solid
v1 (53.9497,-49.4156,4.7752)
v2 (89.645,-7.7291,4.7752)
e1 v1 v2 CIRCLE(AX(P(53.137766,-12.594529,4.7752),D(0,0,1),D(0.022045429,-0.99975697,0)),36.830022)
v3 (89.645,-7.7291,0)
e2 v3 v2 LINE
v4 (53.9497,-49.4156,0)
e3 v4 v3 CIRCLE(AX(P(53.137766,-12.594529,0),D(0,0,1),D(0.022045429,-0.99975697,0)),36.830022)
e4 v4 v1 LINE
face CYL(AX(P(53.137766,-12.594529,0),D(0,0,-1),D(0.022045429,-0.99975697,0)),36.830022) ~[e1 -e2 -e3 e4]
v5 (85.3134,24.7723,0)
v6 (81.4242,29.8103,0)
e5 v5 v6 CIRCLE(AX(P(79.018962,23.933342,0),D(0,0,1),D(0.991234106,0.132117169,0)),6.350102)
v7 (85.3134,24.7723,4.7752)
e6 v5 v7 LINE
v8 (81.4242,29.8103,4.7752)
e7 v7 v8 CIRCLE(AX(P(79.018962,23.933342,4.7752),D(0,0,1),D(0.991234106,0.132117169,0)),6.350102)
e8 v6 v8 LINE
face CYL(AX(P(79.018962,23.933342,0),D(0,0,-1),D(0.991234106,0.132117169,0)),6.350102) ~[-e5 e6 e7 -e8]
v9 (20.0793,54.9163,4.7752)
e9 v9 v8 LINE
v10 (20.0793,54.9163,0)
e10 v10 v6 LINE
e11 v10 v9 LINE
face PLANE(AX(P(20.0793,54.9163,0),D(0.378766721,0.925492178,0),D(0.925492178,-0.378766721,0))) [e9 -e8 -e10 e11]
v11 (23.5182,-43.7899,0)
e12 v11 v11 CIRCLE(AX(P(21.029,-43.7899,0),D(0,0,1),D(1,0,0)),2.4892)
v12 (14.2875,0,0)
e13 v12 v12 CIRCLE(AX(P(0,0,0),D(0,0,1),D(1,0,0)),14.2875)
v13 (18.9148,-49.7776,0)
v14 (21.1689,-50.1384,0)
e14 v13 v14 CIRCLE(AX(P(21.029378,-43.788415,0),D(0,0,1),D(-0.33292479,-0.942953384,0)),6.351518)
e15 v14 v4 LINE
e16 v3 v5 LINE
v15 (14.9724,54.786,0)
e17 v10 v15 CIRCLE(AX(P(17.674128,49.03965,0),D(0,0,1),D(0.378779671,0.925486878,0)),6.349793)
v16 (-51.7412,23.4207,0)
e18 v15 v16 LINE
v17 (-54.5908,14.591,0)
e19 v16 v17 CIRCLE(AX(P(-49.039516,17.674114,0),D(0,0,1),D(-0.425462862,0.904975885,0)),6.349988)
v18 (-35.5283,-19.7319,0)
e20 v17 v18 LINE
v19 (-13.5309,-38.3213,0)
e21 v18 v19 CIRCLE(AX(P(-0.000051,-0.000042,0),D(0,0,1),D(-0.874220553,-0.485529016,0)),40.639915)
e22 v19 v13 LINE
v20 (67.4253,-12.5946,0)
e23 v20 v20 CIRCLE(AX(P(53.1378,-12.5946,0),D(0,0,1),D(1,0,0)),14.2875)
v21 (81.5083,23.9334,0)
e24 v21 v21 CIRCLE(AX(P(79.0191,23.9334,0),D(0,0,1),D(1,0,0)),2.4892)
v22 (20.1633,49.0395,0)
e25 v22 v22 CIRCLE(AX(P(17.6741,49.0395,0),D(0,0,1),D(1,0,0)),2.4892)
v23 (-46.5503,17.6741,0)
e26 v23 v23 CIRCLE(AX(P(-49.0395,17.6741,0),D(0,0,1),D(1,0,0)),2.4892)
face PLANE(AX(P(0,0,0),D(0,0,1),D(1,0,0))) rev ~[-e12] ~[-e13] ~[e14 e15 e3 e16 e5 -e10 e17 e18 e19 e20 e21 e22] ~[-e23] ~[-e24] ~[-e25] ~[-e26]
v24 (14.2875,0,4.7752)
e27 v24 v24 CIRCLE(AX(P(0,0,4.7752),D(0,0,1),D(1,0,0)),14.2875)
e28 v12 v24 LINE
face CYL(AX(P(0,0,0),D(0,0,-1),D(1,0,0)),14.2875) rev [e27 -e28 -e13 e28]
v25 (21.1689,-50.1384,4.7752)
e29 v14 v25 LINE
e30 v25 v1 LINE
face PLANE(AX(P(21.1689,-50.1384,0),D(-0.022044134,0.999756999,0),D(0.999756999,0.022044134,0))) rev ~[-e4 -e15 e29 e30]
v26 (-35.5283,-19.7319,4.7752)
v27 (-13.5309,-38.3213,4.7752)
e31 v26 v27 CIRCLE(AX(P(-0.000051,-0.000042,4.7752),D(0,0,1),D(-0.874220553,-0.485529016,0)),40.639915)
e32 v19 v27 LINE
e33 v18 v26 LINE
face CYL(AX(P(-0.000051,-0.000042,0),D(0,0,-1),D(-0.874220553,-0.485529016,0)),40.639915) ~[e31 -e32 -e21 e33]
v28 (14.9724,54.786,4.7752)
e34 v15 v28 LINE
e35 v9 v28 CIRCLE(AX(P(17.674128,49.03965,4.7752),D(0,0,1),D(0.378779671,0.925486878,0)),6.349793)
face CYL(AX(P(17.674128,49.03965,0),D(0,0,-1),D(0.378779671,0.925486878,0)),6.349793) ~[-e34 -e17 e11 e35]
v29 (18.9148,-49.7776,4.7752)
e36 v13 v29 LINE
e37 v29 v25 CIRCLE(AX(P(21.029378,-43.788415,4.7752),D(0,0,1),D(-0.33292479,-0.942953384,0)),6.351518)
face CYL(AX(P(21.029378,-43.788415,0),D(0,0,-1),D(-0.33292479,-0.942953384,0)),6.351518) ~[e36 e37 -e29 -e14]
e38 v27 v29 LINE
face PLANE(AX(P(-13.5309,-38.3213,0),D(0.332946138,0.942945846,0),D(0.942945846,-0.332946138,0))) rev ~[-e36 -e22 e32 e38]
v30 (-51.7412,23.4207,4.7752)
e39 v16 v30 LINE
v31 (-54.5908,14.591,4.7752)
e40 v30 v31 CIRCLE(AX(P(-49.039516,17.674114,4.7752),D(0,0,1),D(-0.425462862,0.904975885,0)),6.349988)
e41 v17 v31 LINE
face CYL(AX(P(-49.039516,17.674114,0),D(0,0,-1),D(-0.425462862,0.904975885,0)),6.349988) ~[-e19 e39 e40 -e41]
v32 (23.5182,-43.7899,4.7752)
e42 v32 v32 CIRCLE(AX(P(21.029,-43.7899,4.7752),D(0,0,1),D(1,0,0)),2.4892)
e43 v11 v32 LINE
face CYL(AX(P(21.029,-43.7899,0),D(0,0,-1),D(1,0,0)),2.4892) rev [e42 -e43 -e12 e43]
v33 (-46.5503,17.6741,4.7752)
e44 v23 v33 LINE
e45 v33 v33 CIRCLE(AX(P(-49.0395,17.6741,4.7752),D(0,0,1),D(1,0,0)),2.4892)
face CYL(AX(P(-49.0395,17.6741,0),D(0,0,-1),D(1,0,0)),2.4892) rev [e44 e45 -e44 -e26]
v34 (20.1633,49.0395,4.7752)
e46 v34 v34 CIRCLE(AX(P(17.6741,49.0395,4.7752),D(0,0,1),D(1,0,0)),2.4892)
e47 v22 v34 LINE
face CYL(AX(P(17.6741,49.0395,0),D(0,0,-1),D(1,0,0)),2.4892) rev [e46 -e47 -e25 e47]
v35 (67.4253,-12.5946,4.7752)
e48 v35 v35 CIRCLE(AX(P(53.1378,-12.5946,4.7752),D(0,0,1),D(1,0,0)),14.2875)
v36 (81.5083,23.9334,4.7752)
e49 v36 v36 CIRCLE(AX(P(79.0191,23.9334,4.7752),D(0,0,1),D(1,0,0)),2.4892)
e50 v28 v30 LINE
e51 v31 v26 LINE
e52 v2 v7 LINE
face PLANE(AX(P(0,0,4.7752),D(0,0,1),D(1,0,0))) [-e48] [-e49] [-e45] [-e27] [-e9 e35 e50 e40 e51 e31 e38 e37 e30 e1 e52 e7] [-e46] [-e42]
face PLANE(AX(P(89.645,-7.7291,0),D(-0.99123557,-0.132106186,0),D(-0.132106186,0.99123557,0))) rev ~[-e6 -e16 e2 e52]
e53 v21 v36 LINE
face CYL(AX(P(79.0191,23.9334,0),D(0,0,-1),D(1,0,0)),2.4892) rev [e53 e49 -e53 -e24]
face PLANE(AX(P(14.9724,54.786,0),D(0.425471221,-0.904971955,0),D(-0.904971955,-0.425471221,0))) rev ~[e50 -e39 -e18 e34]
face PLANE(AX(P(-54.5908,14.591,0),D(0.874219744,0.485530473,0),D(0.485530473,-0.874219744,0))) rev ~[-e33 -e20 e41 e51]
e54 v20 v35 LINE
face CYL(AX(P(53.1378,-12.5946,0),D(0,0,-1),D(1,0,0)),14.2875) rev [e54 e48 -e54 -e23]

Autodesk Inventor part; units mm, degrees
ref_plane "YZ Plane" through (0, 0, 0) normal (1, 0, 0) x (0, 1, 0)
ref_plane "XZ Plane" through (0, 0, 0) normal (0, 1, 0) x (-1, 0, 0)
ref_plane "XY Plane" through (0, 0, 0) normal (0, 0, 1) x (1, 0, 0)
sketch "Sketch1" plane through (0, 0, 0) normal (0, 0, 1) x (1, 0, 0)
  circle A0 centre (0, 0) radius 38.1 construction
  circle A1 centre (-41.3753, -19.4526) radius 7.62 construction
  circle A2 centre (-19.4526, 41.3753) radius 7.62 construction
  circle A3 centre (41.3753, 19.4526) radius 7.62 construction
  circle A4 centre (-41.3753, -19.4526) radius 29.972 construction
  circle A5 centre (-19.4526, 41.3753) radius 29.972 construction
  circle A6 centre (41.3753, 19.4526) radius 29.972 construction
  line L0 (-31.2131, 8.7441) -> (-29.6148, 13.1787) construction
  line L1 (8.7441, 31.2131) -> (13.1787, 29.6148) construction
  circle A7 centre (0, 0) radius 19.05 construction
  circle A8 centre (53.1378, -12.5946) radius 35.56 construction
  circle A9 centre (53.1378, -12.5946) radius 14.2875
  circle A10 centre (41.3753, 19.4526) radius 10.3251 construction
  line L2 (44.9329, 9.7597) -> (48.2149, 0.818) construction
  circle A11 centre (53.1378, -12.5946) radius 36.83 construction
  line L3 (-41.3753, -49.4246) -> (53.1378, -49.4246) construction
  circle A12 centre (-19.4526, 41.3753) radius 10.3251 construction
  circle A13 centre (-41.3753, -19.4526) radius 10.3251 construction
  circle A14 centre (21.029, -43.7899) radius 6.35 construction
  circle A15 centre (0, 0) radius 40.64 construction
  line L4 (-7.2269, -37.4083) -> (-7.7087, -39.9022) construction
  circle A16 centre (21.029, -43.7899) radius 2.4892
  line L5 (18.2801, -38.0657) -> (17.5929, -36.6347) construction
  line L6 (25.5834, -39.365) -> (26.722, -38.2588) construction
  circle A17 centre (-49.0395, 17.6741) radius 6.35 construction
  circle A18 centre (-49.0395, 17.6741) radius 2.4892
  circle A19 centre (17.6741, 49.0395) radius 6.35 construction
  circle A20 centre (17.6741, 49.0395) radius 2.4892
  circle A21 centre (79.0191, 23.9334) radius 2.4892
  circle A22 centre (79.0191, 23.9334) radius 6.35 construction
  line L7 (-47.7557, 11.4552) -> (-47.4347, 9.9005) construction
  line L8 (-44.0835, 21.6442) -> (-42.8445, 22.6367) construction
  line L9 (11.4552, 47.7557) -> (9.9005, 47.4347) construction
  line L10 (21.6442, 44.0835) -> (22.6367, 42.8445) construction
  line L11 (72.7136, 23.1828) -> (71.1372, 22.9952) construction
  line L12 (75.348, 18.7521) -> (74.4302, 17.4568) construction
  line L13 (-69.5719, -9.2903) -> (-47.6492, 51.5375) construction
  arc A23 (-69.5719, -9.2903) -> (-41.3753, -49.4246) centre (-41.3753, -19.4526) ccw construction
  line L14 (-9.2903, 69.5719) -> (51.5375, 47.6492) construction
  arc A24 (-9.2903, 69.5719) -> (-47.6492, 51.5375) centre (-19.4526, 41.3753) ccw construction
  line L15 (57.1496, 44.9377) -> (82.3611, 29.3328) construction
  line L16 (85.3134, 24.7723) -> (89.645, -7.7291) construction
  arc A25 (57.1496, 44.9377) -> (51.5375, 47.6492) centre (41.3753, 19.4526) ccw construction
  arc A26 (85.3134, 24.7723) -> (82.3611, 29.3328) centre (79.0191, 23.9334) ccw construction
  arc A27 (53.1378, -49.4246) -> (89.645, -7.7291) centre (53.1378, -12.5946) ccw construction
  circle A28 centre (0, 0) radius 14.2875
  line L17 (20.0793, 54.9163) -> (81.4242, 29.8103)
  line L18 (14.9724, 54.786) -> (-51.7412, 23.4207)
  line L19 (-54.5908, 14.591) -> (-35.5283, -19.7319)
  line L20 (-13.5309, -38.3213) -> (18.9148, -49.7776)
  line L21 (21.1689, -50.1384) -> (53.9497, -49.4156)
  line L22 (89.645, -7.7291) -> (85.3134, 24.7723)
  arc A29 (-51.7412, 23.4207) -> (-54.5908, 14.591) centre (-49.0395, 17.6741) ccw
  arc A30 (-35.5283, -19.7319) -> (-13.5309, -38.3213) centre (0, 0) ccw
  arc A31 (18.9148, -49.7776) -> (21.1689, -50.1384) centre (21.029, -43.7899) ccw
  arc A32 (53.9497, -49.4156) -> (89.645, -7.7291) centre (53.1378, -12.5946) ccw
  arc A33 (85.3134, 24.7723) -> (81.4242, 29.8103) centre (79.0191, 23.9334) ccw
  arc A34 (20.0793, 54.9163) -> (14.9724, 54.786) centre (17.6741, 49.0395) ccw
  dimension "d0" = 76.2
  dimension "d5" = 28.575
  dimension "d6" = 20.6502
  dimension "d1" = 15.24
  dimension "d2" = 59.944
  dimension "d3" = 38.1
  dimension "d4" = 71.12
  dimension "d8" = 9.525
  dimension "d9" = 73.66
  dimension "d10" = 2.54
  dimension "d12" = 12.7
  dimension "d13" = 4.9784
  dimension "d14" = 1.5875
  dimension "d15" = 12.7
  dimension "d16" = 4.9784
  dimension "d17" = 12.7
  dimension "d18" = 4.9784
  dimension "d19" = 12.7
  dimension "d20" = 4.9784
  dimension "d21" = 1.5875
  dimension "d22" = 1.5875
  dimension "d23" = 1.5875
  dimension "d24" = 1.5875
extrude "Extrusion2" add sketch "Sketch1" along normal blind 4.7752
properties part number "topplate_gearbox4_trust" material "Aluminum 6061"
